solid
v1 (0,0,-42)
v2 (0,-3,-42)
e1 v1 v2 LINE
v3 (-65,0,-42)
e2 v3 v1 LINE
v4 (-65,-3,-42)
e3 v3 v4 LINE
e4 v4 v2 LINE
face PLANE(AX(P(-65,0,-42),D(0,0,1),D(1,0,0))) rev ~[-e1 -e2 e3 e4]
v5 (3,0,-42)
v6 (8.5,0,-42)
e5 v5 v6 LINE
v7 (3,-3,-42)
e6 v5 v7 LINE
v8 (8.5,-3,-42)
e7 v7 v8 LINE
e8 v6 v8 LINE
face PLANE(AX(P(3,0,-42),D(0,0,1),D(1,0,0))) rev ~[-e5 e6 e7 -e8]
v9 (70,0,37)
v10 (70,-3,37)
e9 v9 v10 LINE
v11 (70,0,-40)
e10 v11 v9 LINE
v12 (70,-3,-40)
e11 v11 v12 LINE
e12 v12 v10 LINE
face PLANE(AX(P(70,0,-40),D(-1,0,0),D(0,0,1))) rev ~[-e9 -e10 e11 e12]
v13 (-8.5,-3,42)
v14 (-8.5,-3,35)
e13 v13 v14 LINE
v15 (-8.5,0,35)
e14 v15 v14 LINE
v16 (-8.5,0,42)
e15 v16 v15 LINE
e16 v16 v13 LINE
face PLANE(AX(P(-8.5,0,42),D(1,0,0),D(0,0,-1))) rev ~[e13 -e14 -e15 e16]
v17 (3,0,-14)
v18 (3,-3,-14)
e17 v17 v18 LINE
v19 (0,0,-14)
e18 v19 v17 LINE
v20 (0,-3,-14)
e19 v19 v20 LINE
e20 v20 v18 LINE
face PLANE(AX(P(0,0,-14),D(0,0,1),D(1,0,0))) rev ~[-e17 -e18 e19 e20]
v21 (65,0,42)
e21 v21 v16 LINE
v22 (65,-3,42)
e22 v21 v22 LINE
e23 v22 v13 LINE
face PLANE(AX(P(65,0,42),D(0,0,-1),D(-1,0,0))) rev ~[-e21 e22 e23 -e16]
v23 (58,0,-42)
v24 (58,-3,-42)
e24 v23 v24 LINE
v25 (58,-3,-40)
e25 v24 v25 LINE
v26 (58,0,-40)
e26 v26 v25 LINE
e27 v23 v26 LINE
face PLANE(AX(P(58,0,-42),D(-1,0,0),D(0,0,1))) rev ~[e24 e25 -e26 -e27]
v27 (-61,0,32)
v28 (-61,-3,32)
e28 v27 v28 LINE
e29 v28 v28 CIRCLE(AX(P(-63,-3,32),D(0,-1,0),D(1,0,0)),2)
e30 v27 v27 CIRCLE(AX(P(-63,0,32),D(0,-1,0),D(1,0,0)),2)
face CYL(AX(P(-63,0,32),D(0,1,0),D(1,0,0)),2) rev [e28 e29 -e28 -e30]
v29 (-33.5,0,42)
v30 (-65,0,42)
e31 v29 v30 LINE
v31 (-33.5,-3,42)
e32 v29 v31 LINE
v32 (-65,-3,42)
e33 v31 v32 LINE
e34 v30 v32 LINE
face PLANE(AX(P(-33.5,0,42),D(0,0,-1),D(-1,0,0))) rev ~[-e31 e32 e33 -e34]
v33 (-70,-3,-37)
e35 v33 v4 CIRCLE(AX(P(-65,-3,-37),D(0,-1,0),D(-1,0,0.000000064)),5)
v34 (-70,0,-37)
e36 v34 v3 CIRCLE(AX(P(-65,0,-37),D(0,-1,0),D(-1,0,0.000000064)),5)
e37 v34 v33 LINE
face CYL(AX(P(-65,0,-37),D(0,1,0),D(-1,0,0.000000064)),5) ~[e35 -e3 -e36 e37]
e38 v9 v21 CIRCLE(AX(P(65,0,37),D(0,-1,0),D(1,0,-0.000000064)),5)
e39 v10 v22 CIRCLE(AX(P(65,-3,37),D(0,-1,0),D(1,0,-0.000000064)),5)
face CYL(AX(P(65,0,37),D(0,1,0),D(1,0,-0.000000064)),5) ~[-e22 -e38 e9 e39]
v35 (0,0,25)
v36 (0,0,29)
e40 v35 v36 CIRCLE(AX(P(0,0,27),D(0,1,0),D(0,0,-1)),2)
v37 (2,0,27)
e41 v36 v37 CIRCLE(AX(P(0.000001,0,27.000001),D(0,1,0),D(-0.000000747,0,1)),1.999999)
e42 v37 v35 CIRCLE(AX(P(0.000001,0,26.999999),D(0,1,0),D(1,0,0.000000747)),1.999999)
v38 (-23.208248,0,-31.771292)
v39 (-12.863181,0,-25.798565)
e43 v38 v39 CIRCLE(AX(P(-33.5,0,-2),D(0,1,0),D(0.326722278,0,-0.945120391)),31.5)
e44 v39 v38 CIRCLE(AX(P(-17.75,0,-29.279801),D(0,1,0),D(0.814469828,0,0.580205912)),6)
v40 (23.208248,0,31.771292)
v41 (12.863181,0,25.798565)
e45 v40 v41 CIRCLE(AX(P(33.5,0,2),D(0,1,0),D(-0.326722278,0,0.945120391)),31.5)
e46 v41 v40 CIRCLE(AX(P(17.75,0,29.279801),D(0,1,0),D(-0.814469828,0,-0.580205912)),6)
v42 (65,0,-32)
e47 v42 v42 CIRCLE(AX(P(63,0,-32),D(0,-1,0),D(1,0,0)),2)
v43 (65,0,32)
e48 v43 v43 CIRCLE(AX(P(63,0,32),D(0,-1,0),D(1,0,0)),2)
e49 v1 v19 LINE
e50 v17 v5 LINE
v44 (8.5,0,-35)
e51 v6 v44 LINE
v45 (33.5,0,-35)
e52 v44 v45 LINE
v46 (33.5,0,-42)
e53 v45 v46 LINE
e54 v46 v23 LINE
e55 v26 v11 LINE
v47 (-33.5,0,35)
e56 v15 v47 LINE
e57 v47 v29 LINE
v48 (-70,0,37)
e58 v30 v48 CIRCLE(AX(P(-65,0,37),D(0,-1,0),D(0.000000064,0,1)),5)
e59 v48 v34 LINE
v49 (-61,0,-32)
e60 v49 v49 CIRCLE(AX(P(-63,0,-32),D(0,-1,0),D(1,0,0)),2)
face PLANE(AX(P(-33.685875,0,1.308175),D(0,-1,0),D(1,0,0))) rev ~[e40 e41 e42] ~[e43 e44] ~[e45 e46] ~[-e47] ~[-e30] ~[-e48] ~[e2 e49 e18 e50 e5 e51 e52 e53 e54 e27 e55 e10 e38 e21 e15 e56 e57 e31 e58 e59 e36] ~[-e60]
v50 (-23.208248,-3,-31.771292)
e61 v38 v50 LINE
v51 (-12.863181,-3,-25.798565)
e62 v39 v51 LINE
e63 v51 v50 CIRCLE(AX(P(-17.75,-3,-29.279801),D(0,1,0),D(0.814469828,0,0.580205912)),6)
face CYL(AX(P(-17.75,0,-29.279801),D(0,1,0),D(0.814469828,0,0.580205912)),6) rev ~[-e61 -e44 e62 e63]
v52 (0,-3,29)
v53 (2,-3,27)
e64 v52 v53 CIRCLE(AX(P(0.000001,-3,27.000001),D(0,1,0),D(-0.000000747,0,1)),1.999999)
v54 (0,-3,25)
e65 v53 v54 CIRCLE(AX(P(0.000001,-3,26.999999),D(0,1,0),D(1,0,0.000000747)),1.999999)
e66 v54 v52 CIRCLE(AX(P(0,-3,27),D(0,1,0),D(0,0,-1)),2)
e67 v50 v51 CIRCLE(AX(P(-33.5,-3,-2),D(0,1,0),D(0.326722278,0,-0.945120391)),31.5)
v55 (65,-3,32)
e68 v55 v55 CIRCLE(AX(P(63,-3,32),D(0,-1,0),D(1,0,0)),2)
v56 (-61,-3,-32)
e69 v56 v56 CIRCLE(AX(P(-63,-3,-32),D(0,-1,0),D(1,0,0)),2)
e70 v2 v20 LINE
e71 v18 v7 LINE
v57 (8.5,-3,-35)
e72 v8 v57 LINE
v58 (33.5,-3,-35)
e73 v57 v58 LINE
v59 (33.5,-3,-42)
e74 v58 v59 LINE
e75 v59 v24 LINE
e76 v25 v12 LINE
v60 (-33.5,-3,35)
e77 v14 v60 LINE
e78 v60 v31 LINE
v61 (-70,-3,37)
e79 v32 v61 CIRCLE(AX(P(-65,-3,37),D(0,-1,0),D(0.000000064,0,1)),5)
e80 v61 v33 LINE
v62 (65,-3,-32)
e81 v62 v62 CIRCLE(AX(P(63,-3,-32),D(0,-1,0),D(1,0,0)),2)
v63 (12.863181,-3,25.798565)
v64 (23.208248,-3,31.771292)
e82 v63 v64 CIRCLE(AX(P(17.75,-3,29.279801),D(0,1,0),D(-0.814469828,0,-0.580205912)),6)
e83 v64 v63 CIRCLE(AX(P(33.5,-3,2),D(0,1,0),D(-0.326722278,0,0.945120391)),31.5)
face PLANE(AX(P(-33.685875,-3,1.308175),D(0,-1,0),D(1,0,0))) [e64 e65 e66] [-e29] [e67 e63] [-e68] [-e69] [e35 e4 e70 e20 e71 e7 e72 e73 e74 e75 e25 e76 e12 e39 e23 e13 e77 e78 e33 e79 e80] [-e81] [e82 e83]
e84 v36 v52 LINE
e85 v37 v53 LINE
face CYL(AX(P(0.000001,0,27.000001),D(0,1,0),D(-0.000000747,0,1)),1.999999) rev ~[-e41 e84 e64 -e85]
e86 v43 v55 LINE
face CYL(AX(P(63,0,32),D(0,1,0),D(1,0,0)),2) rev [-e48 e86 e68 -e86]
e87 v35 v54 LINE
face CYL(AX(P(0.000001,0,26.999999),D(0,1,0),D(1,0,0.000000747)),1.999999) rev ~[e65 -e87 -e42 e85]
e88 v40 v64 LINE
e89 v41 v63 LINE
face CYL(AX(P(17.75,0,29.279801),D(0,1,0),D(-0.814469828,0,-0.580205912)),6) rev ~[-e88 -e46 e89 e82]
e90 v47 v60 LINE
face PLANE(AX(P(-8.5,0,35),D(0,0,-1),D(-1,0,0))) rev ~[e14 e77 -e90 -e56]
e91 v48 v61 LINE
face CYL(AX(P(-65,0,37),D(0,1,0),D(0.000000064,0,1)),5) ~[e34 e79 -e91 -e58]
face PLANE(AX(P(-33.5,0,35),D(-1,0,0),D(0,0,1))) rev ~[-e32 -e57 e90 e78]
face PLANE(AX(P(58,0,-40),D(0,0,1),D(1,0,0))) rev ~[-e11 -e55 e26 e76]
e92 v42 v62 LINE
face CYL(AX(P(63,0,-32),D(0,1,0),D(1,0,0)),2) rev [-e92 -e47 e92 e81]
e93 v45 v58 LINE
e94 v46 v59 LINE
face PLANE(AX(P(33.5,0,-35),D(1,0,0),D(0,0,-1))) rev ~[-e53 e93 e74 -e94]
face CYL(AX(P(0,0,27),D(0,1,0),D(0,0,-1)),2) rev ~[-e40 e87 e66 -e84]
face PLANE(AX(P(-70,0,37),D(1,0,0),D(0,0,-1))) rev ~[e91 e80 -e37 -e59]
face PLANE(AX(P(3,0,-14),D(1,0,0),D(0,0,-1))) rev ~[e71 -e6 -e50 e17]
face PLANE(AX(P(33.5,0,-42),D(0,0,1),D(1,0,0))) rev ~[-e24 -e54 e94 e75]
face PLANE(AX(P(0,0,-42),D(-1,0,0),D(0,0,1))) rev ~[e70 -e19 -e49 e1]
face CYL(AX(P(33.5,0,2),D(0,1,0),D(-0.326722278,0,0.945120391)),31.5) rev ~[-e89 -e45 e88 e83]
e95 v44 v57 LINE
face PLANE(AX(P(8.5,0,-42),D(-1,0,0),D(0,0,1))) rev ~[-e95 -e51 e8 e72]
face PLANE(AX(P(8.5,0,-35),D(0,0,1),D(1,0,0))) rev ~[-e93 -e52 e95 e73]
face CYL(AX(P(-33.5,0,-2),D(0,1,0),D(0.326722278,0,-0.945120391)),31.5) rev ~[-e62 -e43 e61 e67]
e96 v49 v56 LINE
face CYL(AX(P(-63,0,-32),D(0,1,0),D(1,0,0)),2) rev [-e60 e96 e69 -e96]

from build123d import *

# Parameters (mm, degrees)
F0_R     = 2
F1_DEPTH = 3


with BuildPart() as f1:
    # F0 (on Front) → F1 (new body)
    with BuildSketch(Plane.XZ):
        with BuildLine():
            ThreePointArc((-70, -37), (-68.535534, -40.535534), (-65, -42))
            Line((-65, -42), (0, -42))
            Line((0, -42), (0, -14))
            Line((0, -14), (0, 25))
            ThreePointArc((0, 25), (-2, 27), (0, 29))
            Line((0, 29), (0, 42))
            Line((0, 42), (-8.5, 42))
            Line((-8.5, 42), (-8.5, 35))
            Line((-8.5, 35), (-33.5, 35))
            Line((-33.5, 35), (-33.5, 42))
            Line((-33.5, 42), (-65, 42))
            ThreePointArc((-65, 42), (-68.535534, 40.535534), (-70, 37))
            Line((-70, 37), (-70, -37))
        make_face()
        with Locations((-63, -32)):
            Circle(F0_R, mode=Mode.SUBTRACT)
        with BuildLine():
            ThreePointArc((-23.208248, -31.771292), (-49.25, 25.2798), (-12.863181, -25.798565))
            ThreePointArc((-12.863181, -25.798565), (-14.75, -34.475953), (-23.208248, -31.771292))
        make_face(mode=Mode.SUBTRACT)
        with Locations((-63, 32)):
            Circle(F0_R, mode=Mode.SUBTRACT)
        with BuildLine():
            Line((0, 25), (0, -14))
            Line((0, -14), (3, -14))
            Line((3, -14), (3, -42))
            Line((3, -42), (8.5, -42))
            Line((8.5, -42), (8.5, -35))
            Line((8.5, -35), (33.5, -35))
            Line((33.5, -35), (33.5, -42))
            Line((33.5, -42), (58, -42))
            Line((58, -42), (58, -40))
            Line((58, -40), (70, -40))
            Line((70, -40), (70, 37))
            ThreePointArc((70, 37), (68.535534, 40.535534), (65, 42))
            Line((65, 42), (0, 42))
            Line((0, 42), (0, 29))
            ThreePointArc((0, 29), (1.414214, 28.414214), (2, 27))
            ThreePointArc((2, 27), (1.414214, 25.585786), (0, 25))
        make_face()
        with Locations((63, -32)):
            Circle(F0_R, mode=Mode.SUBTRACT)
        with BuildLine():
            ThreePointArc((23.208248, 31.771292), (49.25, -25.2798), (12.863181, 25.798565))
            ThreePointArc((12.863181, 25.798565), (14.75, 34.475953), (23.208248, 31.771292))
        make_face(mode=Mode.SUBTRACT)
        with Locations((63, 32)):
            Circle(F0_R, mode=Mode.SUBTRACT)
    extrude(amount=F1_DEPTH)


solid = f1.part
